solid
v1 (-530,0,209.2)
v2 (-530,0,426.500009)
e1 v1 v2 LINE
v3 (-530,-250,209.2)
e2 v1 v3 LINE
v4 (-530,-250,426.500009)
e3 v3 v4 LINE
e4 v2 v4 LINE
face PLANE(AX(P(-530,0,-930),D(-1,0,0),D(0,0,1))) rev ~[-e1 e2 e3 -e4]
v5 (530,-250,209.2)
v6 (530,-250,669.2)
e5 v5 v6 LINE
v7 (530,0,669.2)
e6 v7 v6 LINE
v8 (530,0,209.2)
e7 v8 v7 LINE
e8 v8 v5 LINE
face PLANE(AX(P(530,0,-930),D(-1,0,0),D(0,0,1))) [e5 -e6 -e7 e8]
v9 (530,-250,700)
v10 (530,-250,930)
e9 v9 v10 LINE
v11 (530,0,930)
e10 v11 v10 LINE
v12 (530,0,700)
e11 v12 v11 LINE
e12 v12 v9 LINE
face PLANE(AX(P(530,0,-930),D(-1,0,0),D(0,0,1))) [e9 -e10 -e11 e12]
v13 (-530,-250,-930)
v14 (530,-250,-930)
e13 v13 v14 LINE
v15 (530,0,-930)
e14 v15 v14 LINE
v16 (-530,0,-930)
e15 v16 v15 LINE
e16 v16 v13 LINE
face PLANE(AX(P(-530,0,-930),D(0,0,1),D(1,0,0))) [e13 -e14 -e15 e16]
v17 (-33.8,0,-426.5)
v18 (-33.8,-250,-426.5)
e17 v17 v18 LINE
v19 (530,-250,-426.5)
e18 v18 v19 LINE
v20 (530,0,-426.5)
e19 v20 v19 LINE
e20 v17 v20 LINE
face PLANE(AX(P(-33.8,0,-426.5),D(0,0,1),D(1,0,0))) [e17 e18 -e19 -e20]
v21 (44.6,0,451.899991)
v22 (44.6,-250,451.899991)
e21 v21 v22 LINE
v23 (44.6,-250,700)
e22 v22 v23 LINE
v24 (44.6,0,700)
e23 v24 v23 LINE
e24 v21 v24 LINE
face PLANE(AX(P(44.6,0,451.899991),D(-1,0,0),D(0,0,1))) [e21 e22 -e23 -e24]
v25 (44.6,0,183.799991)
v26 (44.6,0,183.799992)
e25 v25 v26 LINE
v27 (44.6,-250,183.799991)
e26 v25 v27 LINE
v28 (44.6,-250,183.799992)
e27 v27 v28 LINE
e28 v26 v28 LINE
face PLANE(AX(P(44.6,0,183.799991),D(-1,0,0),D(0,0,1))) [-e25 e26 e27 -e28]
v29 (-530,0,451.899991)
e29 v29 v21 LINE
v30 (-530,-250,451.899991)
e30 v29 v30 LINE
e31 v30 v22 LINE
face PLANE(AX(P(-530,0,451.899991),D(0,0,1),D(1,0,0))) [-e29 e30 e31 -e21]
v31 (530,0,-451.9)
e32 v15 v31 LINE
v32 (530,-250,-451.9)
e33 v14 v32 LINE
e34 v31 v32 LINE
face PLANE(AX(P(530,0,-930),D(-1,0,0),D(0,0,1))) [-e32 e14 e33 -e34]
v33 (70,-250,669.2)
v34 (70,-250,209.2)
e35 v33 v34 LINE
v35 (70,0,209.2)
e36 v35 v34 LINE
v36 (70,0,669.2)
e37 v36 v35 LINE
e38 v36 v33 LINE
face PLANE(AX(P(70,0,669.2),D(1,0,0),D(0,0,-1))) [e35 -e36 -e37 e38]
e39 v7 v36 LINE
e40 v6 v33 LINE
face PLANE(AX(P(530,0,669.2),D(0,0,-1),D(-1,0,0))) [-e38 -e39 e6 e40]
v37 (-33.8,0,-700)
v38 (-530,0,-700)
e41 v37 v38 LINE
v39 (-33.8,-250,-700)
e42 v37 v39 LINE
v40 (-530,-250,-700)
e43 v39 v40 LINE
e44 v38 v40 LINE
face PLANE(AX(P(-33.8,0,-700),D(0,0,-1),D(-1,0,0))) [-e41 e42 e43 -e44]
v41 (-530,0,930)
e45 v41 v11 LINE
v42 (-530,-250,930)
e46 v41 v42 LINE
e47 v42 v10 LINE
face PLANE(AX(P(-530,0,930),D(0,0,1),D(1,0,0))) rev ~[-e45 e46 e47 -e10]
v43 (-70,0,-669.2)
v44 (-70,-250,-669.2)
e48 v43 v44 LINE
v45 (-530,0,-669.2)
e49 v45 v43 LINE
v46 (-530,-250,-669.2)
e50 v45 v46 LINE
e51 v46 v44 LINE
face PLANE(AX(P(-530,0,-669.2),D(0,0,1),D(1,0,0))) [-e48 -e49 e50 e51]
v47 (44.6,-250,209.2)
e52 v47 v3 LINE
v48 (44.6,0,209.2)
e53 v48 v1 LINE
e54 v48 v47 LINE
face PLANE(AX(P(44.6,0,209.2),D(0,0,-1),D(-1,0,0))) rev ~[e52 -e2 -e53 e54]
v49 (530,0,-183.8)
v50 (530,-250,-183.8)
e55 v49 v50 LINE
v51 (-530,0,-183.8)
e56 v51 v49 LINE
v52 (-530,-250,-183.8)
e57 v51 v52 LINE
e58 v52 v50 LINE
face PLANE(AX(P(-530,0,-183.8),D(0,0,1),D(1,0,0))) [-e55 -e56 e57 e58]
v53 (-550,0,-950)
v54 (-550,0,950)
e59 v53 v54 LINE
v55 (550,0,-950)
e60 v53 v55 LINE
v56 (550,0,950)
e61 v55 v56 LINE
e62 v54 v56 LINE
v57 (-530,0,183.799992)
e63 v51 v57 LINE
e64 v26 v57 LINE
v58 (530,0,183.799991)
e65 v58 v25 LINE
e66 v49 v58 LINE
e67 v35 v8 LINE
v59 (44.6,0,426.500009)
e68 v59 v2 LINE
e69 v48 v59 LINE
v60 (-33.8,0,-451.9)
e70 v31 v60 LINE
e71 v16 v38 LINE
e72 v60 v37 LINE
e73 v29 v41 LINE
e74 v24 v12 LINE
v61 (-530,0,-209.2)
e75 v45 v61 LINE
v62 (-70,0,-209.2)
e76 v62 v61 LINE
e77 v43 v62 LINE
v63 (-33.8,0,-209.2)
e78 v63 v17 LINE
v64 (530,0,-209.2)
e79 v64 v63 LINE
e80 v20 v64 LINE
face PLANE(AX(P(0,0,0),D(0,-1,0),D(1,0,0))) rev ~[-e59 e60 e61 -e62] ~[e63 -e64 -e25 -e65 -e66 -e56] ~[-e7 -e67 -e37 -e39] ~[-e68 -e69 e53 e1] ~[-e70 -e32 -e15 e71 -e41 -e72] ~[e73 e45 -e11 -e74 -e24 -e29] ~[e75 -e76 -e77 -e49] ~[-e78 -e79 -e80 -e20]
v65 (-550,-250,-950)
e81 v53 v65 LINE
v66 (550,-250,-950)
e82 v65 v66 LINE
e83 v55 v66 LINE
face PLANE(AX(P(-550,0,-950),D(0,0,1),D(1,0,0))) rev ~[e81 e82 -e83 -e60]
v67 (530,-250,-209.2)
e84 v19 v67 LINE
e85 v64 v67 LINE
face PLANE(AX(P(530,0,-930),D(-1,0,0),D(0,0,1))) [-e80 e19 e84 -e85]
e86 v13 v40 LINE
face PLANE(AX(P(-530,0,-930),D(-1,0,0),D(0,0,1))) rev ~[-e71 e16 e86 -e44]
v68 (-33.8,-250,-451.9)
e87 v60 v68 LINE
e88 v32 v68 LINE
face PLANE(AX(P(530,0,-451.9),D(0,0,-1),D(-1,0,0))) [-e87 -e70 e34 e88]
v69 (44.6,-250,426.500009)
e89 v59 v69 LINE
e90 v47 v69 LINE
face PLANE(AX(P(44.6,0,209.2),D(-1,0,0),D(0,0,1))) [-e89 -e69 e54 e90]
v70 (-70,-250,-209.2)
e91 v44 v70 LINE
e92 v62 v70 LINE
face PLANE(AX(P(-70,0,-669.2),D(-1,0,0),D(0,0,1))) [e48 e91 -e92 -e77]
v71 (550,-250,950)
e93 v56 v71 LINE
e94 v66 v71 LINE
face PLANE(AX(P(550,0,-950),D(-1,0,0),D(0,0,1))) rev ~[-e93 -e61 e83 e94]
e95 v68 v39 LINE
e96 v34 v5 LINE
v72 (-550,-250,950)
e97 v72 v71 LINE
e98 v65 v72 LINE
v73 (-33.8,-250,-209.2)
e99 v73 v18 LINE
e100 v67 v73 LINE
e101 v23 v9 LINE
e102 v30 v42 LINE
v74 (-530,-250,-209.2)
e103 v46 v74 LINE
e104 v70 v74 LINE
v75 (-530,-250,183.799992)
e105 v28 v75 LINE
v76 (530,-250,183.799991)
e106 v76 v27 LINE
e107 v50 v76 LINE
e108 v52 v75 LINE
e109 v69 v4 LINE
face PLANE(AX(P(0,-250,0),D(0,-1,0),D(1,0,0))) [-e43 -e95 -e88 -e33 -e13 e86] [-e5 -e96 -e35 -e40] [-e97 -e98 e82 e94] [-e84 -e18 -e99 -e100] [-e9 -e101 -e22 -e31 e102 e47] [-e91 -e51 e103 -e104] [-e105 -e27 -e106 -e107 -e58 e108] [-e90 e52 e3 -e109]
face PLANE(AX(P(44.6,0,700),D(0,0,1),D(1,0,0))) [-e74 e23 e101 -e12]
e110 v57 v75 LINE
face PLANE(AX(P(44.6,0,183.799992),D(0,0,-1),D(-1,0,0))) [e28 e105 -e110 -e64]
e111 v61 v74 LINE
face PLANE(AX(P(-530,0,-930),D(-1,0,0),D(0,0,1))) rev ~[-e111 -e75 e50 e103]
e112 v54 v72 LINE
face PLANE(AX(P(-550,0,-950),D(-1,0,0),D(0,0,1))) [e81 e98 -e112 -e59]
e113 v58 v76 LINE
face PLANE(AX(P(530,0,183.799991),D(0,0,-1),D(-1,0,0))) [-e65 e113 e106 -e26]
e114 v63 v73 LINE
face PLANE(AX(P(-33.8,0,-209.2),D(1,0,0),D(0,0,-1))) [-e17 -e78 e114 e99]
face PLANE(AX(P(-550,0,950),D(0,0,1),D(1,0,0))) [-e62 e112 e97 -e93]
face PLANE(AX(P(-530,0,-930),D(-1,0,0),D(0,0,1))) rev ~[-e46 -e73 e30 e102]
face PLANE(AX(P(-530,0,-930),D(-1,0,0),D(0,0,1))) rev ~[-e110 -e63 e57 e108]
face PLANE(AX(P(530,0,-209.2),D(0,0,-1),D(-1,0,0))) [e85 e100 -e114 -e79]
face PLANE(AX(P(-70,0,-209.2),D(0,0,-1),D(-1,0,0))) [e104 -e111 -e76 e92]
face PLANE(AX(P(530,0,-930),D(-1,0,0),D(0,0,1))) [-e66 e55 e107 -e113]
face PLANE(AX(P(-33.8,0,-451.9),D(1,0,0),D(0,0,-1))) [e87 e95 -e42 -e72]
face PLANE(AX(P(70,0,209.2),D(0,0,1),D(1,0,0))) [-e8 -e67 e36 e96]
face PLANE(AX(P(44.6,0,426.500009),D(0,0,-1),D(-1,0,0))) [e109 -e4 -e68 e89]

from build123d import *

# Parameters (mm, degrees)
F0_W     = 1100
F0_H     = 1900
F0_W_2   = 1060
F0_H_2   = 1860
F1_DEPTH = 250
F2_W     = 574.6
F2_H     = 25.400009
F2_W_2   = 563.8
F2_H_2   = 25.4
F3_DEPTH = 250


with BuildPart() as f1:
    # F0 (on Front) → F1 (new body)
    with BuildSketch(Plane.XZ):
        Rectangle(F0_W, F0_H)
        Rectangle(F0_W_2, F0_H_2, mode=Mode.SUBTRACT)
    extrude(amount=F1_DEPTH)

    # F2 (on face) → F3 (join, through all)
    with BuildSketch(Plane(origin=(0, 0, 0), x_dir=(-1, 0, 0), z_dir=(0, 1, 0))):
        Polygon((530, 426.500009), (530, 451.899991), (-44.6, 451.899991), (-44.6, 700), (-530, 700), (-530, 669.2), (-70, 669.2), (-70, 209.2), (-530, 209.2), (-530, 183.799991), (-44.6, 183.799991), (-44.6, 209.2), (-44.6, 426.500009), align=None)
        with Locations((242.7, 196.499996)):
            Rectangle(F2_W, F2_H)
        Polygon((-530, -426.5), (-530, -451.9), (33.8, -451.9), (33.8, -700), (530, -700), (530, -669.2), (70, -669.2), (70, -209.2), (530, -209.2), (530, -183.8), (33.8, -183.8), (33.8, -209.2), (33.8, -426.5), align=None)
        with Locations((-248.1, -196.5)):
            Rectangle(F2_W_2, F2_H_2)
    extrude(amount=-F3_DEPTH)


solid = f1.part
